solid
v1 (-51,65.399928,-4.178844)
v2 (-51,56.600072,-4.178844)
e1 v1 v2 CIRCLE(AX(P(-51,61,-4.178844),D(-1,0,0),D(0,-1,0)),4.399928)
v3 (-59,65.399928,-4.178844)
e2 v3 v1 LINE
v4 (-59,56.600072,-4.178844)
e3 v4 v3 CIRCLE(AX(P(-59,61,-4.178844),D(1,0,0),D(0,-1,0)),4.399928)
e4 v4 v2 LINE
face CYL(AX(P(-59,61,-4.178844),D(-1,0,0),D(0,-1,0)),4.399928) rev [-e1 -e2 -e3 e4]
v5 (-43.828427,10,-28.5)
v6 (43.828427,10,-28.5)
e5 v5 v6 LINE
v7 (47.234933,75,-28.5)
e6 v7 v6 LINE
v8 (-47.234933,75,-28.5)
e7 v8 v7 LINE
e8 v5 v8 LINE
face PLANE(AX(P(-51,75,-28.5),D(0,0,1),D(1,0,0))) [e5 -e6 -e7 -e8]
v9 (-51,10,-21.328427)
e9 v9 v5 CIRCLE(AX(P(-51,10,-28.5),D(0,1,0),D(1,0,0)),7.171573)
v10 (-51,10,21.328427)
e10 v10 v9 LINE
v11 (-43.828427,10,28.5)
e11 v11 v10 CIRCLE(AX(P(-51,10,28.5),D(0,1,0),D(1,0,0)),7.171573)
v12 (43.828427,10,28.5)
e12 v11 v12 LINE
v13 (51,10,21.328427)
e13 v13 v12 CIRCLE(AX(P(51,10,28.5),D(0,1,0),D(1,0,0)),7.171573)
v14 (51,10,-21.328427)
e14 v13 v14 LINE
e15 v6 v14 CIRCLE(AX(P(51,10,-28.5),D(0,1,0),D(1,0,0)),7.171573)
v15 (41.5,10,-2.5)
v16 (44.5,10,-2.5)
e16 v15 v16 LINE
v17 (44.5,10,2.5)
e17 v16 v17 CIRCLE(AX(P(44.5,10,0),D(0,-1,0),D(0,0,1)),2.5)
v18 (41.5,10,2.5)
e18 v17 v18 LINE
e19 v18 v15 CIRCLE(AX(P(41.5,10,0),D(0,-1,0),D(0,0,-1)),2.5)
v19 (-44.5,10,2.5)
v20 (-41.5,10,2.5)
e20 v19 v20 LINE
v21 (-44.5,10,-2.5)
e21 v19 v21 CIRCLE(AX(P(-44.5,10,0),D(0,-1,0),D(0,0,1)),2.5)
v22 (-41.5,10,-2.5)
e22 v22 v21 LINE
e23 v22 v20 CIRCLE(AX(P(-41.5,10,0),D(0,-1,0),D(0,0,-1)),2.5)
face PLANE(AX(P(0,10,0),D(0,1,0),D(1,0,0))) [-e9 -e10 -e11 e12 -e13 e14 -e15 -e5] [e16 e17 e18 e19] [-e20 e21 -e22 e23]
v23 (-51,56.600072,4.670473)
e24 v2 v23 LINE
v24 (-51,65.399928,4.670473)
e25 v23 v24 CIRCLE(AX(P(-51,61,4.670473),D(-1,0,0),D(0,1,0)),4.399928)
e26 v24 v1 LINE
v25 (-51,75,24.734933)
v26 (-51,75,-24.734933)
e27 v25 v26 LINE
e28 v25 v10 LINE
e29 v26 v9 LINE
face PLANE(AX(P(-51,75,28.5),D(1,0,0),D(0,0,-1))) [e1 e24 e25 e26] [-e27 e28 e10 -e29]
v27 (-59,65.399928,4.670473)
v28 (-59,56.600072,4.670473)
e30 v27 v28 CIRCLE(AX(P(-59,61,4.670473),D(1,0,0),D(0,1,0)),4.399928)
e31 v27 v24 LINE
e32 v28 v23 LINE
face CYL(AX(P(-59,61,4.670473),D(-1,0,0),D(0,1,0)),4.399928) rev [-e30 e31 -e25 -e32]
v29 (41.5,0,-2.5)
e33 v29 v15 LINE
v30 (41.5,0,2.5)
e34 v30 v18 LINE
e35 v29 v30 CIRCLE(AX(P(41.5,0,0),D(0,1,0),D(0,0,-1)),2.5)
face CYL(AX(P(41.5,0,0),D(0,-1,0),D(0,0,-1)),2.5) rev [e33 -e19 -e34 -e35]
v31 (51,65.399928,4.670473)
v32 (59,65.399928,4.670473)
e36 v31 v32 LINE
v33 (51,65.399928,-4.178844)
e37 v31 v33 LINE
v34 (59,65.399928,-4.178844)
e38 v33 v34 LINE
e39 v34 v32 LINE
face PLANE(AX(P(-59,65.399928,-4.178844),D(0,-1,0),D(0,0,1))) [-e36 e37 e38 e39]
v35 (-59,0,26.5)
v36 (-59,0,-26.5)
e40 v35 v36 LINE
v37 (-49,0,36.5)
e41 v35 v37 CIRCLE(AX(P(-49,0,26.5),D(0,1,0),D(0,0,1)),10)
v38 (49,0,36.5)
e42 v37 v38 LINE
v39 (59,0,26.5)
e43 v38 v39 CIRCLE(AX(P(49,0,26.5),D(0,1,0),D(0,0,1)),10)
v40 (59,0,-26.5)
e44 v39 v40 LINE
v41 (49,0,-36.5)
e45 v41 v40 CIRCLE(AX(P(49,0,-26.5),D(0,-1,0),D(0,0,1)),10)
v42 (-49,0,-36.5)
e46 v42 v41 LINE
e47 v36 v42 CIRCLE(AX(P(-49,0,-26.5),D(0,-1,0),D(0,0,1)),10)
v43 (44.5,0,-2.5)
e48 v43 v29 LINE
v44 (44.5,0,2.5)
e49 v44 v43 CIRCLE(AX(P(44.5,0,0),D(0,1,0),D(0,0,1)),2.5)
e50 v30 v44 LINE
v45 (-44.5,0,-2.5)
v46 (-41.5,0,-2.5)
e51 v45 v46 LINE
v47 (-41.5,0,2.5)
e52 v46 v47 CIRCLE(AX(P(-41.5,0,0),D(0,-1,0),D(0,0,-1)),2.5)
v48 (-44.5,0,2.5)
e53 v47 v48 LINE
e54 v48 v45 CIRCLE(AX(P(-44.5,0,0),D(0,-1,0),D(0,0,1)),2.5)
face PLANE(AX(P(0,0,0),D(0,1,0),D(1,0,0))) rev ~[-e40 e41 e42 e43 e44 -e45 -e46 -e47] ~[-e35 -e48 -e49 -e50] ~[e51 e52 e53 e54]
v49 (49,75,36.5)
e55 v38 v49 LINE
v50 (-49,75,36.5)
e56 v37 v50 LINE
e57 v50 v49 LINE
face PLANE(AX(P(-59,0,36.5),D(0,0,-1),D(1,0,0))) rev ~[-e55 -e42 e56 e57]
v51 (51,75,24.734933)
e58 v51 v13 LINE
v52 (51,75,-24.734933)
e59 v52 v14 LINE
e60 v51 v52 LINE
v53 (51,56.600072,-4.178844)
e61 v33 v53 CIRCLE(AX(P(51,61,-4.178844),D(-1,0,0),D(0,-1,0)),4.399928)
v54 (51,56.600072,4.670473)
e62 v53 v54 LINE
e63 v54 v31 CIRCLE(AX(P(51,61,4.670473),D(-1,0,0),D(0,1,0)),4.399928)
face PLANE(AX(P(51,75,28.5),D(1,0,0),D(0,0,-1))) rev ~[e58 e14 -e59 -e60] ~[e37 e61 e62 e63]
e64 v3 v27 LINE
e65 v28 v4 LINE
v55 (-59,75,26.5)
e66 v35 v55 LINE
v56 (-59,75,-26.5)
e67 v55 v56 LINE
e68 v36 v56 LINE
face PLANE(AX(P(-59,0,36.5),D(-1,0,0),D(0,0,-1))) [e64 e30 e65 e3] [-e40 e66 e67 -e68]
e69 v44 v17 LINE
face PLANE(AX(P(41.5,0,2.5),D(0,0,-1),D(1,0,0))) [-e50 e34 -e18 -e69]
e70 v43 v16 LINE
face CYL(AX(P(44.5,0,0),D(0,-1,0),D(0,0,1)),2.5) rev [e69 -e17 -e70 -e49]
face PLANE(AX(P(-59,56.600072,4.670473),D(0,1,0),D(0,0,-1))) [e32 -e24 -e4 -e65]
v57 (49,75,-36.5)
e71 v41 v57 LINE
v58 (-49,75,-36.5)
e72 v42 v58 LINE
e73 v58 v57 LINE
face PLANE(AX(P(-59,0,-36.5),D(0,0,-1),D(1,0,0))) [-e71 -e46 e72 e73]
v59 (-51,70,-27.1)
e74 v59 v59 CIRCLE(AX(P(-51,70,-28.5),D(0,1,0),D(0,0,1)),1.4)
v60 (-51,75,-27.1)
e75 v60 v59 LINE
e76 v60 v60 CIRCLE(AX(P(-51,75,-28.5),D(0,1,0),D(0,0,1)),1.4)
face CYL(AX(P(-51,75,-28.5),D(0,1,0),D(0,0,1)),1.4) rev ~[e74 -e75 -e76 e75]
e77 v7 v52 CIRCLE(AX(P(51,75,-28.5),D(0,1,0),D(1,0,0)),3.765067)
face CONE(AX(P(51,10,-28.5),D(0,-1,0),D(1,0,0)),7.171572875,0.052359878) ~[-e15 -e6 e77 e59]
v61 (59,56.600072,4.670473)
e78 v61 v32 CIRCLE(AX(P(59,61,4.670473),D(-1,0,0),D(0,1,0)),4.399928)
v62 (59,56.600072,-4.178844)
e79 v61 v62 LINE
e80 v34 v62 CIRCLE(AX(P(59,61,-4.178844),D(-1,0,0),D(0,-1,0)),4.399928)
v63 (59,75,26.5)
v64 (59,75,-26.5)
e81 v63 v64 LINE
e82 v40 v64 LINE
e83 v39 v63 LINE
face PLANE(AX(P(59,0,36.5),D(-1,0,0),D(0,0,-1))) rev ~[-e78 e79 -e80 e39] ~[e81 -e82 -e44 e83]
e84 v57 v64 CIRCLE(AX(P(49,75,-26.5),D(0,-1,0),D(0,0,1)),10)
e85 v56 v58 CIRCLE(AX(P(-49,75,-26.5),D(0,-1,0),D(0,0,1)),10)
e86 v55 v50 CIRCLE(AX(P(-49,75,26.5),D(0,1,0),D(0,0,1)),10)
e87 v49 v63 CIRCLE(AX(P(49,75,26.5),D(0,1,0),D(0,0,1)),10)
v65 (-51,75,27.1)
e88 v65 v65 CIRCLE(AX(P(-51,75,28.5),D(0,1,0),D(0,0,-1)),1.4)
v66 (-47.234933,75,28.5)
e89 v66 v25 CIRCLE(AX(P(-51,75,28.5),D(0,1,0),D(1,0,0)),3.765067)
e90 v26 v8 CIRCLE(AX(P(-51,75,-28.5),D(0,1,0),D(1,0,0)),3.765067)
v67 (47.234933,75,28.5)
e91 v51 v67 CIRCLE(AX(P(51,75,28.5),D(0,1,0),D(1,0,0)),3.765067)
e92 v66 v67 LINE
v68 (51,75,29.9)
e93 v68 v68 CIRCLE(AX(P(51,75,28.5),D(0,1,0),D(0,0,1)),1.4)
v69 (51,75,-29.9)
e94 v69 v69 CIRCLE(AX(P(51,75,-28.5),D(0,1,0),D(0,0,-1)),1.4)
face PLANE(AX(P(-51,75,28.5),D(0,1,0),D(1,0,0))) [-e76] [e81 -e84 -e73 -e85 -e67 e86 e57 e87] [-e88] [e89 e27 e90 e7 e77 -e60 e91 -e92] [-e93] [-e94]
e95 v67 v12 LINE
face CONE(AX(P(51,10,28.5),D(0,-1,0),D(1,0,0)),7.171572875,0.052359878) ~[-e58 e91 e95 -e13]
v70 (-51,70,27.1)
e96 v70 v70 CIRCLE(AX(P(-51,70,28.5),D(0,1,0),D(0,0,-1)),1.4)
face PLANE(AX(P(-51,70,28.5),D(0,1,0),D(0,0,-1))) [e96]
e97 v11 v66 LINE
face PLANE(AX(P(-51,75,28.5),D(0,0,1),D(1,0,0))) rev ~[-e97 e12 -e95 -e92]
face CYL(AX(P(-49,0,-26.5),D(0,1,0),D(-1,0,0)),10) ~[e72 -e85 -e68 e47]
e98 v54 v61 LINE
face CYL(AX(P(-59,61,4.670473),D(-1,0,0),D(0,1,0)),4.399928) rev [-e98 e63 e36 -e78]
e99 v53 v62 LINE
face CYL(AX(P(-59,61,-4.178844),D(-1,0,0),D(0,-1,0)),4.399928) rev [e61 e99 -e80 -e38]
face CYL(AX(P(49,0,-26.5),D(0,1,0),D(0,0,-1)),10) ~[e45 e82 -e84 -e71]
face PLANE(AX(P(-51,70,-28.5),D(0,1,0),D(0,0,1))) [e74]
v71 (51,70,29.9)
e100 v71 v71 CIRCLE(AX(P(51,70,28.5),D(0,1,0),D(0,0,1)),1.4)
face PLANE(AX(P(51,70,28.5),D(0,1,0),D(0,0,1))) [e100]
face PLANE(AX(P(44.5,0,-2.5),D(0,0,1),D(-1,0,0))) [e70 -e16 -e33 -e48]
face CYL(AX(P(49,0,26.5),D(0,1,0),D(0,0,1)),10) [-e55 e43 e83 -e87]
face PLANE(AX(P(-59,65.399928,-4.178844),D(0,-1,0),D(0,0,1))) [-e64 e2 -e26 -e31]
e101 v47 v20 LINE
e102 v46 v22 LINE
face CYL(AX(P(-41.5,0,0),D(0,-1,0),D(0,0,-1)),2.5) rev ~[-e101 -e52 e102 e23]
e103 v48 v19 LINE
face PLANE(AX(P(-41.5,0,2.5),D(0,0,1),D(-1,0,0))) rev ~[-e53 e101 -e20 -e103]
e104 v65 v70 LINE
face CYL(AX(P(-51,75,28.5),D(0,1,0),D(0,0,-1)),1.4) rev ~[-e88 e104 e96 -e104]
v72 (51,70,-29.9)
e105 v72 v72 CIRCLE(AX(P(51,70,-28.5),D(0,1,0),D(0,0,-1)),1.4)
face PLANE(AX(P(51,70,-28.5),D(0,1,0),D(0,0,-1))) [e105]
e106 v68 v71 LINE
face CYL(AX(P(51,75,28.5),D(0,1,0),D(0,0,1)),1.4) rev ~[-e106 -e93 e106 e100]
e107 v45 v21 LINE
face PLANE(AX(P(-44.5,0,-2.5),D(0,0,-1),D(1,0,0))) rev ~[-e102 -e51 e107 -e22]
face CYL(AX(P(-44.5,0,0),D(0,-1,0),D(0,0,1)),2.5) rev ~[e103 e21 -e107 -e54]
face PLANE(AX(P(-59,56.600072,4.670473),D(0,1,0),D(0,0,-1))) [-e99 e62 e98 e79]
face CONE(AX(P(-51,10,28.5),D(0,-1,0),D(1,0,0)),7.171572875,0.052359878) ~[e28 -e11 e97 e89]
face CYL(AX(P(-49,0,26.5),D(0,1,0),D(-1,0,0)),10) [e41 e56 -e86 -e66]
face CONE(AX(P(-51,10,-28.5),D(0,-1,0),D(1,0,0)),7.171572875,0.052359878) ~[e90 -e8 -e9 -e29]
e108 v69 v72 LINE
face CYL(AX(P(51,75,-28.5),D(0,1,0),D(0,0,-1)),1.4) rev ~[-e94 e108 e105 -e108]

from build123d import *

# Parameters (mm, degrees)
SKETCH1_W                     = 118
SKETCH1_H                     = 73
BOSS_EXTRUDE1_DEPTH           = 75
SKETCH3_W                     = 102
SKETCH3_H                     = 57
CUT_EXTRUDE2_DEPTH            = 65
FILLET1_R                     = 10
CUT_EXTRUDE3_DEPTH            = 103.167754208
SKETCH5_R                     = 7.171572875
BOSS_EXTRUDE2_DEPTH           = 65
BOSS_EXTRUDE2_DRAFT           = 3
BOSS_EXTRUDE2_PROFILE_2_DEPTH = 65
BOSS_EXTRUDE2_PROFILE_2_DRAFT = 3
BOSS_EXTRUDE2_PROFILE_3_DEPTH = 65
BOSS_EXTRUDE2_PROFILE_3_DRAFT = 3
BOSS_EXTRUDE2_PROFILE_4_DEPTH = 65
BOSS_EXTRUDE2_PROFILE_4_DRAFT = 3
SKETCH9_R                     = 1.4
CUT_EXTRUDE6_DEPTH            = 5
CUT_EXTRUDE7_DEPTH            = 10000


with BuildPart() as part:
    # Sketch1 → Boss-Extrude1 (new body)
    with BuildSketch(Plane(origin=(0, 0, 0), x_dir=(1, 0, 0), z_dir=(0, 1, 0))):
        Rectangle(SKETCH1_W, SKETCH1_H)
    extrude(amount=BOSS_EXTRUDE1_DEPTH)

    # Sketch3 → Cut-Extrude2 (cut)
    with BuildSketch(Plane(origin=(0, 75, 0), x_dir=(1, 0, 0), z_dir=(0, 1, 0))):
        Rectangle(SKETCH3_W, SKETCH3_H)
    extrude(amount=-CUT_EXTRUDE2_DEPTH, mode=Mode.SUBTRACT)

    # Fillet1
    fillet1_edges = [part.edges().sort_by_distance(p)[0] for p in [
        (-59, 37.5, -36.5),
        (59, 37.5, -36.5),
        (59, 37.5, 36.5),
        (-59, 37.5, 36.5),
    ]]
    fillet(fillet1_edges, radius=FILLET1_R)

    # Sketch4 → Cut-Extrude3 (cut, through all)
    with BuildSketch(Plane.XZ):
        with BuildLine():
            Line((-44.5, -2.5), (-41.5, -2.5))
            ThreePointArc((-41.5, -2.5), (-39, 0), (-41.5, 2.5))
            Line((-41.5, 2.5), (-44.5, 2.5))
            ThreePointArc((-44.5, 2.5), (-47, 0), (-44.5, -2.5))
        make_face()
        with BuildLine():
            ThreePointArc((41.5, -2.5), (39, 0), (41.5, 2.5))
            Line((41.5, 2.5), (44.5, 2.5))
            ThreePointArc((44.5, 2.5), (47, 0), (44.5, -2.5))
            Line((44.5, -2.5), (41.5, -2.5))
        make_face()
    extrude(amount=-CUT_EXTRUDE3_DEPTH, mode=Mode.SUBTRACT)


with BuildPart() as boss_extrude2_tool:
    # Sketch5 → Boss-Extrude2 (with draft: the straight prism first)
    with BuildSketch(Plane(origin=(0, 10, 0), x_dir=(1, 0, 0), z_dir=(0, 1, 0))):
        with Locations((-51, 28.5)):
            Circle(SKETCH5_R)
    extrude(amount=BOSS_EXTRUDE2_DEPTH)
    # Boss-Extrude2: the draft: its side faces are tilted about the plane it starts from
    boss_extrude2_sides = [boss_extrude2_tool.faces().sort_by_distance(p)[0] for p in [
        (-58.171572875, 42.5, -28.5),
    ]]
    draft(boss_extrude2_sides, Plane(origin=(0, 10, 0), x_dir=(1, 0, 0), z_dir=(0, 1, 0)), BOSS_EXTRUDE2_DRAFT)


with BuildPart() as part_1:
    add(part.part)

    # Boss-Extrude2: add boss_extrude2_tool
    add(boss_extrude2_tool.part)


with BuildPart() as boss_extrude2_profile_2_tool:
    # Sketch5 → Boss-Extrude2 profile 2 (with draft: the straight prism first)
    with BuildSketch(Plane(origin=(0, 10, 0), x_dir=(1, 0, 0), z_dir=(0, 1, 0))):
        with Locations((51, 28.5)):
            Circle(SKETCH5_R)
    extrude(amount=BOSS_EXTRUDE2_PROFILE_2_DEPTH)
    # Boss-Extrude2 profile 2: the draft: its side faces are tilted about the plane it starts from
    boss_extrude2_profile_2_sides = [boss_extrude2_profile_2_tool.faces().sort_by_distance(p)[0] for p in [
        (43.828427125, 42.5, -28.5),
    ]]
    draft(boss_extrude2_profile_2_sides, Plane(origin=(0, 10, 0), x_dir=(1, 0, 0), z_dir=(0, 1, 0)), BOSS_EXTRUDE2_PROFILE_2_DRAFT)


with BuildPart() as part_2:
    add(part_1.part)

    # Boss-Extrude2 profile 2: add boss_extrude2_profile_2_tool
    add(boss_extrude2_profile_2_tool.part)


with BuildPart() as boss_extrude2_profile_3_tool:
    # Sketch5 → Boss-Extrude2 profile 3 (with draft: the straight prism first)
    with BuildSketch(Plane(origin=(0, 10, 0), x_dir=(1, 0, 0), z_dir=(0, 1, 0))):
        with Locations((51, -28.5)):
            Circle(SKETCH5_R)
    extrude(amount=BOSS_EXTRUDE2_PROFILE_3_DEPTH)
    # Boss-Extrude2 profile 3: the draft: its side faces are tilted about the plane it starts from
    boss_extrude2_profile_3_sides = [boss_extrude2_profile_3_tool.faces().sort_by_distance(p)[0] for p in [
        (43.828427125, 42.5, 28.5),
    ]]
    draft(boss_extrude2_profile_3_sides, Plane(origin=(0, 10, 0), x_dir=(1, 0, 0), z_dir=(0, 1, 0)), BOSS_EXTRUDE2_PROFILE_3_DRAFT)


with BuildPart() as part_3:
    add(part_2.part)

    # Boss-Extrude2 profile 3: add boss_extrude2_profile_3_tool
    add(boss_extrude2_profile_3_tool.part)


with BuildPart() as boss_extrude2_profile_4_tool:
    # Sketch5 → Boss-Extrude2 profile 4 (with draft: the straight prism first)
    with BuildSketch(Plane(origin=(0, 10, 0), x_dir=(1, 0, 0), z_dir=(0, 1, 0))):
        with Locations((-51, -28.5)):
            Circle(SKETCH5_R)
    extrude(amount=BOSS_EXTRUDE2_PROFILE_4_DEPTH)
    # Boss-Extrude2 profile 4: the draft: its side faces are tilted about the plane it starts from
    boss_extrude2_profile_4_sides = [boss_extrude2_profile_4_tool.faces().sort_by_distance(p)[0] for p in [
        (-58.171572875, 42.5, 28.5),
    ]]
    draft(boss_extrude2_profile_4_sides, Plane(origin=(0, 10, 0), x_dir=(1, 0, 0), z_dir=(0, 1, 0)), BOSS_EXTRUDE2_PROFILE_4_DRAFT)


with BuildPart() as part_4:
    add(part_3.part)

    # Boss-Extrude2 profile 4: add boss_extrude2_profile_4_tool
    add(boss_extrude2_profile_4_tool.part)

    # Sketch9 → Cut-Extrude6 (cut)
    with BuildSketch(Plane(origin=(0, 75, 0), x_dir=(1, 0, 0), z_dir=(0, 1, 0))):
        with Locations(Location((-51, 28.5, 0), (0, 0, 270))):
            Circle(SKETCH9_R)
        with Locations(Location((51, 28.5, 0), (0, 0, 90))):
            Circle(SKETCH9_R)
        with Locations(Location((51, -28.5, 0), (0, 0, 270))):
            Circle(SKETCH9_R)
        with Locations(Location((-51, -28.5, 0), (0, 0, 90))):
            Circle(SKETCH9_R)
    extrude(amount=-CUT_EXTRUDE6_DEPTH, mode=Mode.SUBTRACT)

    # Sketch13 → Cut-Extrude7 (cut)
    with BuildSketch(Plane.ZY.offset(59)):
        with BuildLine():
            Line((-4.178843904, 65.399928421), (4.670472599, 65.399928421))
            ThreePointArc((4.670472599, 65.399928421), (9.07040102, 61), (4.670472599, 56.600071579))
            Line((4.670472599, 56.600071579), (-4.178843904, 56.600071579))
            ThreePointArc((-4.178843904, 56.600071579), (-8.578772325, 61), (-4.178843904, 65.399928421))
        make_face()
    extrude(amount=-CUT_EXTRUDE7_DEPTH, mode=Mode.SUBTRACT)


solid = part_4.part
